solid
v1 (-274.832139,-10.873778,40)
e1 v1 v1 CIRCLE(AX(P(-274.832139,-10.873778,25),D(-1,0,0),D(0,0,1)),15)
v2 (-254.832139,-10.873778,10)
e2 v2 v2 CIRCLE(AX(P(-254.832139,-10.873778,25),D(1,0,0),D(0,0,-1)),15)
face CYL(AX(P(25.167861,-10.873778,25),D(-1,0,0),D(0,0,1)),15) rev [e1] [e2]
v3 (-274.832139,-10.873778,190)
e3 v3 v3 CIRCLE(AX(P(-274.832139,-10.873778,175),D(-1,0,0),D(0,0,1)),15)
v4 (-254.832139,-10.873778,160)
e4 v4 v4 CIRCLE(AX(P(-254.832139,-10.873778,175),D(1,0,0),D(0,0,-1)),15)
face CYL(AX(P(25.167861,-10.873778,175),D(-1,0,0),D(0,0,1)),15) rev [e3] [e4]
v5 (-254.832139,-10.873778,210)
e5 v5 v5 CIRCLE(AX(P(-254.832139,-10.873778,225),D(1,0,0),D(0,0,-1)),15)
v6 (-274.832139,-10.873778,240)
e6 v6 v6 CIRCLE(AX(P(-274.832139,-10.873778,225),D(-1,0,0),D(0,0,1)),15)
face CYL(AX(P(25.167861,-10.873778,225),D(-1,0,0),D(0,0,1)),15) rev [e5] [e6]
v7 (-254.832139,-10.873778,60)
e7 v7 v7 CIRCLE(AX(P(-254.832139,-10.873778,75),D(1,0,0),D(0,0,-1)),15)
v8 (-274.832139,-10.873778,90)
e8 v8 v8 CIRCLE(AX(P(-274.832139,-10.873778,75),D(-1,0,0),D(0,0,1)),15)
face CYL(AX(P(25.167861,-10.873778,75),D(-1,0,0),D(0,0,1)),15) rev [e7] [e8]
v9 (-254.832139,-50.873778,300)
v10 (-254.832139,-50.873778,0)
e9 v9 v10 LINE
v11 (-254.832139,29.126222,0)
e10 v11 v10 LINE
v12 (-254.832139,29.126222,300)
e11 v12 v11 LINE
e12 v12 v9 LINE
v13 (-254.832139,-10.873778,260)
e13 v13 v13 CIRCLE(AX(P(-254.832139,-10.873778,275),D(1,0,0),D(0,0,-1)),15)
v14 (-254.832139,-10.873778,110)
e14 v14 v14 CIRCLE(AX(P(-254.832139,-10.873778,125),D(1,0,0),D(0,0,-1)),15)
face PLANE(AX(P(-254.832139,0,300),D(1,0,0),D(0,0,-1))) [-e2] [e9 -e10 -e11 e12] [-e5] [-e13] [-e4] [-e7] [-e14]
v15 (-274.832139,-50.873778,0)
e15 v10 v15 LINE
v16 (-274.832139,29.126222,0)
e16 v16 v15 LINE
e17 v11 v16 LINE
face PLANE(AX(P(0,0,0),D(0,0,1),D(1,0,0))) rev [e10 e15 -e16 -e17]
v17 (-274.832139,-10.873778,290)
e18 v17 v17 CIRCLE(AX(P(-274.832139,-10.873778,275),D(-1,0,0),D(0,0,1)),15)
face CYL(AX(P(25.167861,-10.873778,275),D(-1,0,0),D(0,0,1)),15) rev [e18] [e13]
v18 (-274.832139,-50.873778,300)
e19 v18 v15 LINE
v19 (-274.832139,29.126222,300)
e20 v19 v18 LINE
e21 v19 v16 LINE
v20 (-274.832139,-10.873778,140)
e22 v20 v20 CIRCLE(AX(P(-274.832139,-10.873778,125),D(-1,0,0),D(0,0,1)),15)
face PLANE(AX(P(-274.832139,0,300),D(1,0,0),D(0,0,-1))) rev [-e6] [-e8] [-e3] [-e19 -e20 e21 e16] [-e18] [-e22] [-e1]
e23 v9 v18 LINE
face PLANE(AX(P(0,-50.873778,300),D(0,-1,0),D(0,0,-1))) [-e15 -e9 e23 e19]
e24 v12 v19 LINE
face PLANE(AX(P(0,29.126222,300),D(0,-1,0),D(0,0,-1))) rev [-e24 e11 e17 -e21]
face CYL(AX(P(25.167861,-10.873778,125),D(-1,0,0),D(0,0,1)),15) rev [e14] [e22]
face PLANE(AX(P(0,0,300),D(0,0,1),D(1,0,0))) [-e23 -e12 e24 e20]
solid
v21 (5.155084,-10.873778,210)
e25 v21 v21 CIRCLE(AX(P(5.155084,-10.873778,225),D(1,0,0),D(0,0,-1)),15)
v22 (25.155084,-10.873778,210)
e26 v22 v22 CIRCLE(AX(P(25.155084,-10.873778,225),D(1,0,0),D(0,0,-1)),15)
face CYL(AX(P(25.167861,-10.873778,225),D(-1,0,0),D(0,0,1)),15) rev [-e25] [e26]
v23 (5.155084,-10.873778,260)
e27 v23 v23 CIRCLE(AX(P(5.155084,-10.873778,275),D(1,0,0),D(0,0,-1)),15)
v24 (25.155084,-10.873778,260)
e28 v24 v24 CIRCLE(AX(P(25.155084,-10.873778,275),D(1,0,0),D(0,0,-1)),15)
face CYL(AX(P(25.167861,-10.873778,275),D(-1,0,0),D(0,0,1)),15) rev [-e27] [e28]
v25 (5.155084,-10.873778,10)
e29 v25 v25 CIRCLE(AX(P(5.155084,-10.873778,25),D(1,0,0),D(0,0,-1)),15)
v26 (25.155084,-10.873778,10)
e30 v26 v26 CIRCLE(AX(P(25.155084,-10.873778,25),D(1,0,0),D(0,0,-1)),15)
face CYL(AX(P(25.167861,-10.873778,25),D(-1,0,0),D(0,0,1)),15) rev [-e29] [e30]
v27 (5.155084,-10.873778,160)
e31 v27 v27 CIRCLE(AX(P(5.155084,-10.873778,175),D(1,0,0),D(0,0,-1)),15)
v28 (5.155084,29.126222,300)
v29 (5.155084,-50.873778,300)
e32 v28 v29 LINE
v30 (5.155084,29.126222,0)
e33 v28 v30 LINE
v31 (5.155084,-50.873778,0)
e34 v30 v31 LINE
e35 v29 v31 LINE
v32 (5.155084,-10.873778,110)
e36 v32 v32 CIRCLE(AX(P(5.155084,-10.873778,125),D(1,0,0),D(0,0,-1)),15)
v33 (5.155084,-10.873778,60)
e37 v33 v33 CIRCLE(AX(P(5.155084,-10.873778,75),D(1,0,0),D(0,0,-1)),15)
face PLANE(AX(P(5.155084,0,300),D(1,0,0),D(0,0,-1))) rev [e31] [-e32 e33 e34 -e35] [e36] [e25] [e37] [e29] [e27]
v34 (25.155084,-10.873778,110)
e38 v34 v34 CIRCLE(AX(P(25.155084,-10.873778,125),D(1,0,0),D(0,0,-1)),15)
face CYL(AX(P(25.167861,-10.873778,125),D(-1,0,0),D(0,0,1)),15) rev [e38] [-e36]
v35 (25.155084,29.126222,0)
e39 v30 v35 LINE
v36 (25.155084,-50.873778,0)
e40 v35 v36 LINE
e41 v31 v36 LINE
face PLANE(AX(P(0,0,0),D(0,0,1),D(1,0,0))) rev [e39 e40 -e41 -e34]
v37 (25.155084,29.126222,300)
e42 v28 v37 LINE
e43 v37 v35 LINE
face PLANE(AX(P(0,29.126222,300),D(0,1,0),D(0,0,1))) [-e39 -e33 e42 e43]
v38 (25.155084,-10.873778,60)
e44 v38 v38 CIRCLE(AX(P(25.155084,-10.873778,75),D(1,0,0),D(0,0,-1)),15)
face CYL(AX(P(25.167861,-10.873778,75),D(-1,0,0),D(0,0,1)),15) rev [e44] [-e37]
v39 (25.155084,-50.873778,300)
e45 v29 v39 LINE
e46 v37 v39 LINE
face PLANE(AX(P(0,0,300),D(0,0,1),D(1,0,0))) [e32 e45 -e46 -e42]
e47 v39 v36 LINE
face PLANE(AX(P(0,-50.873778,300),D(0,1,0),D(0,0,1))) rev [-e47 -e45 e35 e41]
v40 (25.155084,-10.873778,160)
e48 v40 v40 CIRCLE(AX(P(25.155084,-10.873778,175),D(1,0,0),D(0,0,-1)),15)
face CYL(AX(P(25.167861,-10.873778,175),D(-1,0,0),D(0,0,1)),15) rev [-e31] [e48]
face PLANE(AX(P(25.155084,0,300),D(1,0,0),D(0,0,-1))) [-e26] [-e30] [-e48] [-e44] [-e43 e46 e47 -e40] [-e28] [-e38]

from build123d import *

# Parameters (mm, degrees)
SKETCH1_W             = 20
SKETCH1_H             = 80
BOSS_EXTRUDE1_DEPTH   = 300
BOSS_EXTRUDE1_2_DEPTH = 300
SKETCH2_R             = 15
CUT_EXTRUDE1_DEPTH    = 300
SKETCH3_R             = 15
CUT_EXTRUDE2_DEPTH    = 300
LPATTERN1_COUNT       = 6
LPATTERN1_PITCH       = 50


with BuildPart() as part:
    # Sketch1 → Boss-Extrude1 (new body)
    with BuildSketch(Plane.XY):
        with Locations((15.155083539, -10.873778004)):
            Rectangle(SKETCH1_W, SKETCH1_H)
    extrude(amount=BOSS_EXTRUDE1_DEPTH)


with BuildPart() as body_2:
    # Sketch1 → Boss-Extrude1 2 (new body)
    with BuildSketch(Plane.XY):
        with Locations((-264.83213886, -10.873778004)):
            Rectangle(SKETCH1_W, SKETCH1_H)
    extrude(amount=BOSS_EXTRUDE1_2_DEPTH)


with BuildPart() as cut_extrude1_tool:
    # Sketch2 → Cut-Extrude1 (new body)
    with BuildSketch(Plane.ZY.offset(274.83213886)):
        with Locations((25, -10.873778004)):
            Circle(SKETCH2_R)
    cut_extrude1 = extrude(amount=-CUT_EXTRUDE1_DEPTH)


with BuildPart() as part_1:
    add(part.part)

    # Cut-Extrude1: cut by cut_extrude1_tool
    add(cut_extrude1_tool.part, mode=Mode.SUBTRACT)


with BuildPart() as body_2_1:
    add(body_2.part)

    # Cut-Extrude1: cut by cut_extrude1_tool
    add(cut_extrude1_tool.part, mode=Mode.SUBTRACT)


with BuildPart() as cut_extrude2_tool:
    # Sketch3 → Cut-Extrude2 (new body)
    with BuildSketch(Plane.ZY.offset(274.83213886)):
        with Locations((275, -10.873778004)):
            Circle(SKETCH3_R)
    extrude(amount=-CUT_EXTRUDE2_DEPTH)


with BuildPart() as part_2:
    add(part_1.part)

    # Cut-Extrude2: cut by cut_extrude2_tool
    add(cut_extrude2_tool.part, mode=Mode.SUBTRACT)


with BuildPart() as body_2_2:
    add(body_2_1.part)

    # Cut-Extrude2: cut by cut_extrude2_tool
    add(cut_extrude2_tool.part, mode=Mode.SUBTRACT)


with BuildPart() as lpattern1_tool:
    # LPattern1: Cut-Extrude1 ×6
    with Locations(*[(0, 0, i * LPATTERN1_PITCH) for i in range(1, LPATTERN1_COUNT)]):
        add(cut_extrude1)


with BuildPart() as part_3:
    add(part_2.part)

    # LPattern1: cut by lpattern1_tool
    add(lpattern1_tool.part, mode=Mode.SUBTRACT)


with BuildPart() as body_2_3:
    add(body_2_2.part)

    # LPattern1: cut by lpattern1_tool
    add(lpattern1_tool.part, mode=Mode.SUBTRACT)


solid = Compound([part_3.part, body_2_3.part])
